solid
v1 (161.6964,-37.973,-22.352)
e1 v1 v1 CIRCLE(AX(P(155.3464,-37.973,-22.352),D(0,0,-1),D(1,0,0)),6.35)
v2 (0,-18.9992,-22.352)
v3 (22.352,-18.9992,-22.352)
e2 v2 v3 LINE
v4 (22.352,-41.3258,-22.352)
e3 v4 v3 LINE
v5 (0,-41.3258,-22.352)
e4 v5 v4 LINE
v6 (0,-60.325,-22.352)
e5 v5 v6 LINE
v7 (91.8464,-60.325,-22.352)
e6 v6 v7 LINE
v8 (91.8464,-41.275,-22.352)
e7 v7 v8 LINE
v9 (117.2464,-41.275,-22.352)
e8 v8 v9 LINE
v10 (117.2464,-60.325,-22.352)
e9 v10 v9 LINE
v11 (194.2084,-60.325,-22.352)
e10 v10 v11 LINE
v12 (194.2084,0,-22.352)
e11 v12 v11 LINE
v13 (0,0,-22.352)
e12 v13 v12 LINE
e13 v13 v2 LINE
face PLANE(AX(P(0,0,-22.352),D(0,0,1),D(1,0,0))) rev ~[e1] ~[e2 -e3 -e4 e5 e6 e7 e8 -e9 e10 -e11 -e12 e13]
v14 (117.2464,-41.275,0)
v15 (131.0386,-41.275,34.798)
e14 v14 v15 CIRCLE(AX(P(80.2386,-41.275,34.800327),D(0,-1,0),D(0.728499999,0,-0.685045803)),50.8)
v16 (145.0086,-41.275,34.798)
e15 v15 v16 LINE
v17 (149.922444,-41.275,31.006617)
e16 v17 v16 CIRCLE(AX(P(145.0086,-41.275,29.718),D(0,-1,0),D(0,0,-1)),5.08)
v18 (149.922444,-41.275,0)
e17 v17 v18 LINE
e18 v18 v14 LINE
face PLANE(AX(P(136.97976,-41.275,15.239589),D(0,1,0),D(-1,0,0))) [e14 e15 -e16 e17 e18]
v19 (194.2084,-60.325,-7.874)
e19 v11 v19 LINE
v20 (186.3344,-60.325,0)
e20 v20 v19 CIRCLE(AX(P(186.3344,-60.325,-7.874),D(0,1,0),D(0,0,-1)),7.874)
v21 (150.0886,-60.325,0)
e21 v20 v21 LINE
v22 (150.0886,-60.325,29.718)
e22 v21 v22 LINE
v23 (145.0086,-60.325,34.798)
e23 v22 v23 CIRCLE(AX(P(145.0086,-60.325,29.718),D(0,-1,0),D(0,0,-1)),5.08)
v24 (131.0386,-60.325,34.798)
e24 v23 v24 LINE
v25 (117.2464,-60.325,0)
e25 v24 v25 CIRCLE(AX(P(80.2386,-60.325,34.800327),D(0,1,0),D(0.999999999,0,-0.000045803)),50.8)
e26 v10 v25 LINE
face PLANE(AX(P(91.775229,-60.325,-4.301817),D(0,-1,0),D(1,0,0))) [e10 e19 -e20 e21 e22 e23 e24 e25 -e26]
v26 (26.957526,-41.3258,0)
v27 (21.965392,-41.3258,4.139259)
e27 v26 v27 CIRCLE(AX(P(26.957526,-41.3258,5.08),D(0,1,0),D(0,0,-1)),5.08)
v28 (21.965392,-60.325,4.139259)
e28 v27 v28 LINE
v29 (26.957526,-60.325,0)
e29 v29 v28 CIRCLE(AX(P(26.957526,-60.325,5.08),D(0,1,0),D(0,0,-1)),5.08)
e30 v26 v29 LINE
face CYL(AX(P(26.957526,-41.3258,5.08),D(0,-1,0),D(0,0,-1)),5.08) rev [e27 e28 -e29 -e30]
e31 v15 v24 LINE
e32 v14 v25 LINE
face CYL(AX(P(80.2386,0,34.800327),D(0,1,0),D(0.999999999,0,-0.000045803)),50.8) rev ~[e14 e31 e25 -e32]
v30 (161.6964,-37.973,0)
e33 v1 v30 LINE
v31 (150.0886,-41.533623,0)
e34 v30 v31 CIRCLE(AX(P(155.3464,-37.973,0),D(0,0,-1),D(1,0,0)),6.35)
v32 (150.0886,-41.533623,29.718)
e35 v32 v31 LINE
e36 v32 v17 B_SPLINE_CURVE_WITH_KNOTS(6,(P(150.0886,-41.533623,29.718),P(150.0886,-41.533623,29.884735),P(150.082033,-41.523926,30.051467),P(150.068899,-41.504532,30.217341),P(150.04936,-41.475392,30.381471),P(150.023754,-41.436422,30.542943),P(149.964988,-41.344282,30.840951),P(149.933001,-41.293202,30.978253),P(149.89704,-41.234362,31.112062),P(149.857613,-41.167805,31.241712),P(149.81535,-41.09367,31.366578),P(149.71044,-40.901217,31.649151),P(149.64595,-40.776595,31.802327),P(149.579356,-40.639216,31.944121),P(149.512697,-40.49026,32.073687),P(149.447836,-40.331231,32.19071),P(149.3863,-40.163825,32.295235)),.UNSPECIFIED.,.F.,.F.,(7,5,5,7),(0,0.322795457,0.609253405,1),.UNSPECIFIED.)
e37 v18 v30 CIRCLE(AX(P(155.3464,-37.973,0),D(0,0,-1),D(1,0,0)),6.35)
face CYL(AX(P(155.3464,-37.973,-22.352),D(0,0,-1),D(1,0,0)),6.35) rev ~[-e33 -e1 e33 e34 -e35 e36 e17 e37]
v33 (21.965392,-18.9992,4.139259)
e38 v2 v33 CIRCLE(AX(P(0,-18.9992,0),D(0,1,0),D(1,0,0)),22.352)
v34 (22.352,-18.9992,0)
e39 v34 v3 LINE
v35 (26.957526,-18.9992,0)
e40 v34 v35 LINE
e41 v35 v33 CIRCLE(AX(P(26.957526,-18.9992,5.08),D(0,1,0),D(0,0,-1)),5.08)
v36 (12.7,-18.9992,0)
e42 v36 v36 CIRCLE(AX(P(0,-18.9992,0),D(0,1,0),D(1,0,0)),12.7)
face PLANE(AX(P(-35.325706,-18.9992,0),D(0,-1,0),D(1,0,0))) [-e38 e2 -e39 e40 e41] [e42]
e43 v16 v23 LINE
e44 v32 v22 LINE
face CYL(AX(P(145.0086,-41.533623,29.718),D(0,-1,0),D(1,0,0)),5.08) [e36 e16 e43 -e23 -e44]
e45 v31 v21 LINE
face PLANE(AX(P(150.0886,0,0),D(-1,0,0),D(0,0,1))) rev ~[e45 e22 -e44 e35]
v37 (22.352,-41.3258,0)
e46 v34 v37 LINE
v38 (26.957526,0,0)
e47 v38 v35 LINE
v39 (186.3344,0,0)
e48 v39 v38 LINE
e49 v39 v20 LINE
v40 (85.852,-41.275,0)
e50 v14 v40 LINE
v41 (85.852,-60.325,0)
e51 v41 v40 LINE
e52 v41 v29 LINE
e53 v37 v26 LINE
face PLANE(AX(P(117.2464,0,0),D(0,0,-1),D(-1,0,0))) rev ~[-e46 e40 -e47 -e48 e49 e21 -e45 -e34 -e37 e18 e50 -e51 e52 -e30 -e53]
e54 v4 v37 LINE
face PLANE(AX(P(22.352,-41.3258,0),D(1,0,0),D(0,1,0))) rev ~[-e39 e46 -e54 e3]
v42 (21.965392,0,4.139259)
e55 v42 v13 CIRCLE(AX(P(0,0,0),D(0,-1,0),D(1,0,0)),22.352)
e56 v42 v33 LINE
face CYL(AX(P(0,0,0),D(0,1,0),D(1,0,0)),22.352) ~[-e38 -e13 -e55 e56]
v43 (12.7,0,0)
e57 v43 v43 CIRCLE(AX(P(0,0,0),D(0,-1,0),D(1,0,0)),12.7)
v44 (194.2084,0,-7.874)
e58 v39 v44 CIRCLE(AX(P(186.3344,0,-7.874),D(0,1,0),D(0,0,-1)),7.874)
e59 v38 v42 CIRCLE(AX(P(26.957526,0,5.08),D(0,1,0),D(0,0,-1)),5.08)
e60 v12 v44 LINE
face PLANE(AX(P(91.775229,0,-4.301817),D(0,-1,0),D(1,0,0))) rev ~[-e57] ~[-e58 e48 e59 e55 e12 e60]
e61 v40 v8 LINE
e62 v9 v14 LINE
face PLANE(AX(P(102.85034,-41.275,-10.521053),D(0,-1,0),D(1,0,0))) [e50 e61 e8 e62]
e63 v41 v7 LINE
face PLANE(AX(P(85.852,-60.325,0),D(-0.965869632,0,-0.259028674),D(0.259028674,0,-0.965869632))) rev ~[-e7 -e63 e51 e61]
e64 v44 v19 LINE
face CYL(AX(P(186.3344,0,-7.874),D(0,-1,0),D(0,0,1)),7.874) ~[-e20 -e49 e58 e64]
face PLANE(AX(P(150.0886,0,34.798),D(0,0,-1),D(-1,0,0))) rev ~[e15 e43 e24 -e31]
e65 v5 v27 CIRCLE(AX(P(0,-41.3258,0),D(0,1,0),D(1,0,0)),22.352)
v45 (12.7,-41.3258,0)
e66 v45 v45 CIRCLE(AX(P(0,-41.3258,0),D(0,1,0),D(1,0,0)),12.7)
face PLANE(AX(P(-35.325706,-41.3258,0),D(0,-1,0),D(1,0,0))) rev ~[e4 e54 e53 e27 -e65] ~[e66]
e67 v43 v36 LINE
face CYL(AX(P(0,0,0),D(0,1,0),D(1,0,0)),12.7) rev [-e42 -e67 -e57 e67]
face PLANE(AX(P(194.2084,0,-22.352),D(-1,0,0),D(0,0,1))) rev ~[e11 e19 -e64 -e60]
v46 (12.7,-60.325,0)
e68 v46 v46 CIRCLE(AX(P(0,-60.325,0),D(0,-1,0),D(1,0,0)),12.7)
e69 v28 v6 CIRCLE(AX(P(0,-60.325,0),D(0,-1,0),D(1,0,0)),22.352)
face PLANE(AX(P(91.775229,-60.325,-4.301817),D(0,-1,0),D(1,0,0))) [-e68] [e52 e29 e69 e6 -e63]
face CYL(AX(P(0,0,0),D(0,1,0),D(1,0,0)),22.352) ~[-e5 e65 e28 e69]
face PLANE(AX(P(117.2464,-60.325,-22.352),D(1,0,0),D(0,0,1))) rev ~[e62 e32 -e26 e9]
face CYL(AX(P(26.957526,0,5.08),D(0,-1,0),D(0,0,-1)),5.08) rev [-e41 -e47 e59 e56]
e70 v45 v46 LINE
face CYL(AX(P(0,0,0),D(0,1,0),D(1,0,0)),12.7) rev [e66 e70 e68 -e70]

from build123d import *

# Parameters (mm, degrees)
F0_R     = 12.7
F1_DEPTH = 60.325
F3_DEPTH = 19.05
F5_DEPTH = 41.275
F6_R     = 6.35
F7_DEPTH = 57.151
F8_W     = 57.6777060051
F8_H     = 22.3266
F9_DEPTH = 25.4
F10_R    = 7.874
F11_R    = 5.08
F12_R    = 5.08


with BuildPart() as f1:
    # F0 (on Front) → F1 (new body)
    with BuildSketch(Plane.XZ):
        with BuildLine():
            ThreePointArc((22.352, 0), (-15.8052507731, 15.8052507731), (0, -22.352))
            Line((0, -22.352), (194.2084, -22.352))
            Line((194.2084, -22.352), (194.2084, 0))
            Line((194.2084, 0), (150.0886, 0))
            Line((150.0886, 0), (150.0886, 34.798))
            Line((150.0886, 34.798), (131.0386, 34.798))
            ThreePointArc((131.0386, 34.798), (127.4644153616, 16.0823576341), (117.2464, 0))
            Line((117.2464, 0), (85.852, 0))
            Line((85.852, 0), (22.352, 0))
        make_face()
        Circle(F0_R, mode=Mode.SUBTRACT)
    extrude(amount=F1_DEPTH)

    # F2 (on face) → F3 (cut)
    with BuildSketch(Plane.XZ.offset(60.325)):
        Polygon((117.2464, 0), (85.852, 0), (91.8464, -22.352), (117.2464, -22.352), align=None)
    extrude(amount=-F3_DEPTH, mode=Mode.SUBTRACT)

    # F4 (on face) → F5 (cut)
    with BuildSketch(Plane(origin=(0, 0, 0), x_dir=(-1, 0, 0), z_dir=(0, 1, 0))):
        with BuildLine():
            Line((-150.0886, 34.798), (-150.0886, 0))
            Line((-150.0886, 0), (-117.2464, 0))
            ThreePointArc((-117.2464, 0), (-127.4644153616, 16.0823576341), (-131.0386, 34.798))
            Line((-131.0386, 34.798), (-150.0886, 34.798))
        make_face()
    extrude(amount=-F5_DEPTH, mode=Mode.SUBTRACT)

    # F6 (on face) → F7 (cut, through all)
    with BuildSketch(Plane(origin=(0, 0, -22.352), x_dir=(1, 0, 0), z_dir=(0, 0, -1))):
        with Locations((155.3464, 37.973)):
            Circle(F6_R)
    extrude(amount=-F7_DEPTH, mode=Mode.SUBTRACT)

    # F8 (on face) → F9 (cut, symmetric)
    with BuildSketch(Plane.XY):
        with Locations((-6.4868530025, -30.1625)):
            Rectangle(F8_W, F8_H)
    extrude(amount=F9_DEPTH, both=True, mode=Mode.SUBTRACT)

    # F10
    f10_edges = [f1.edges().sort_by_distance(p)[0] for p in [
        (194.2084, -30.1625, 0),
    ]]
    fillet(f10_edges, radius=F10_R)

    # F11
    f11_edges = [f1.edges().sort_by_distance(p)[0] for p in [
        (150.0886, -50.929312, 34.798),
    ]]
    fillet(f11_edges, radius=F11_R)

    # F12
    f12_edges = [f1.edges().sort_by_distance(p)[0] for p in [
        (22.352, -9.4996, 0),
        (22.352, -50.8254, 0),
    ]]
    fillet(f12_edges, radius=F12_R)


solid = f1.part
